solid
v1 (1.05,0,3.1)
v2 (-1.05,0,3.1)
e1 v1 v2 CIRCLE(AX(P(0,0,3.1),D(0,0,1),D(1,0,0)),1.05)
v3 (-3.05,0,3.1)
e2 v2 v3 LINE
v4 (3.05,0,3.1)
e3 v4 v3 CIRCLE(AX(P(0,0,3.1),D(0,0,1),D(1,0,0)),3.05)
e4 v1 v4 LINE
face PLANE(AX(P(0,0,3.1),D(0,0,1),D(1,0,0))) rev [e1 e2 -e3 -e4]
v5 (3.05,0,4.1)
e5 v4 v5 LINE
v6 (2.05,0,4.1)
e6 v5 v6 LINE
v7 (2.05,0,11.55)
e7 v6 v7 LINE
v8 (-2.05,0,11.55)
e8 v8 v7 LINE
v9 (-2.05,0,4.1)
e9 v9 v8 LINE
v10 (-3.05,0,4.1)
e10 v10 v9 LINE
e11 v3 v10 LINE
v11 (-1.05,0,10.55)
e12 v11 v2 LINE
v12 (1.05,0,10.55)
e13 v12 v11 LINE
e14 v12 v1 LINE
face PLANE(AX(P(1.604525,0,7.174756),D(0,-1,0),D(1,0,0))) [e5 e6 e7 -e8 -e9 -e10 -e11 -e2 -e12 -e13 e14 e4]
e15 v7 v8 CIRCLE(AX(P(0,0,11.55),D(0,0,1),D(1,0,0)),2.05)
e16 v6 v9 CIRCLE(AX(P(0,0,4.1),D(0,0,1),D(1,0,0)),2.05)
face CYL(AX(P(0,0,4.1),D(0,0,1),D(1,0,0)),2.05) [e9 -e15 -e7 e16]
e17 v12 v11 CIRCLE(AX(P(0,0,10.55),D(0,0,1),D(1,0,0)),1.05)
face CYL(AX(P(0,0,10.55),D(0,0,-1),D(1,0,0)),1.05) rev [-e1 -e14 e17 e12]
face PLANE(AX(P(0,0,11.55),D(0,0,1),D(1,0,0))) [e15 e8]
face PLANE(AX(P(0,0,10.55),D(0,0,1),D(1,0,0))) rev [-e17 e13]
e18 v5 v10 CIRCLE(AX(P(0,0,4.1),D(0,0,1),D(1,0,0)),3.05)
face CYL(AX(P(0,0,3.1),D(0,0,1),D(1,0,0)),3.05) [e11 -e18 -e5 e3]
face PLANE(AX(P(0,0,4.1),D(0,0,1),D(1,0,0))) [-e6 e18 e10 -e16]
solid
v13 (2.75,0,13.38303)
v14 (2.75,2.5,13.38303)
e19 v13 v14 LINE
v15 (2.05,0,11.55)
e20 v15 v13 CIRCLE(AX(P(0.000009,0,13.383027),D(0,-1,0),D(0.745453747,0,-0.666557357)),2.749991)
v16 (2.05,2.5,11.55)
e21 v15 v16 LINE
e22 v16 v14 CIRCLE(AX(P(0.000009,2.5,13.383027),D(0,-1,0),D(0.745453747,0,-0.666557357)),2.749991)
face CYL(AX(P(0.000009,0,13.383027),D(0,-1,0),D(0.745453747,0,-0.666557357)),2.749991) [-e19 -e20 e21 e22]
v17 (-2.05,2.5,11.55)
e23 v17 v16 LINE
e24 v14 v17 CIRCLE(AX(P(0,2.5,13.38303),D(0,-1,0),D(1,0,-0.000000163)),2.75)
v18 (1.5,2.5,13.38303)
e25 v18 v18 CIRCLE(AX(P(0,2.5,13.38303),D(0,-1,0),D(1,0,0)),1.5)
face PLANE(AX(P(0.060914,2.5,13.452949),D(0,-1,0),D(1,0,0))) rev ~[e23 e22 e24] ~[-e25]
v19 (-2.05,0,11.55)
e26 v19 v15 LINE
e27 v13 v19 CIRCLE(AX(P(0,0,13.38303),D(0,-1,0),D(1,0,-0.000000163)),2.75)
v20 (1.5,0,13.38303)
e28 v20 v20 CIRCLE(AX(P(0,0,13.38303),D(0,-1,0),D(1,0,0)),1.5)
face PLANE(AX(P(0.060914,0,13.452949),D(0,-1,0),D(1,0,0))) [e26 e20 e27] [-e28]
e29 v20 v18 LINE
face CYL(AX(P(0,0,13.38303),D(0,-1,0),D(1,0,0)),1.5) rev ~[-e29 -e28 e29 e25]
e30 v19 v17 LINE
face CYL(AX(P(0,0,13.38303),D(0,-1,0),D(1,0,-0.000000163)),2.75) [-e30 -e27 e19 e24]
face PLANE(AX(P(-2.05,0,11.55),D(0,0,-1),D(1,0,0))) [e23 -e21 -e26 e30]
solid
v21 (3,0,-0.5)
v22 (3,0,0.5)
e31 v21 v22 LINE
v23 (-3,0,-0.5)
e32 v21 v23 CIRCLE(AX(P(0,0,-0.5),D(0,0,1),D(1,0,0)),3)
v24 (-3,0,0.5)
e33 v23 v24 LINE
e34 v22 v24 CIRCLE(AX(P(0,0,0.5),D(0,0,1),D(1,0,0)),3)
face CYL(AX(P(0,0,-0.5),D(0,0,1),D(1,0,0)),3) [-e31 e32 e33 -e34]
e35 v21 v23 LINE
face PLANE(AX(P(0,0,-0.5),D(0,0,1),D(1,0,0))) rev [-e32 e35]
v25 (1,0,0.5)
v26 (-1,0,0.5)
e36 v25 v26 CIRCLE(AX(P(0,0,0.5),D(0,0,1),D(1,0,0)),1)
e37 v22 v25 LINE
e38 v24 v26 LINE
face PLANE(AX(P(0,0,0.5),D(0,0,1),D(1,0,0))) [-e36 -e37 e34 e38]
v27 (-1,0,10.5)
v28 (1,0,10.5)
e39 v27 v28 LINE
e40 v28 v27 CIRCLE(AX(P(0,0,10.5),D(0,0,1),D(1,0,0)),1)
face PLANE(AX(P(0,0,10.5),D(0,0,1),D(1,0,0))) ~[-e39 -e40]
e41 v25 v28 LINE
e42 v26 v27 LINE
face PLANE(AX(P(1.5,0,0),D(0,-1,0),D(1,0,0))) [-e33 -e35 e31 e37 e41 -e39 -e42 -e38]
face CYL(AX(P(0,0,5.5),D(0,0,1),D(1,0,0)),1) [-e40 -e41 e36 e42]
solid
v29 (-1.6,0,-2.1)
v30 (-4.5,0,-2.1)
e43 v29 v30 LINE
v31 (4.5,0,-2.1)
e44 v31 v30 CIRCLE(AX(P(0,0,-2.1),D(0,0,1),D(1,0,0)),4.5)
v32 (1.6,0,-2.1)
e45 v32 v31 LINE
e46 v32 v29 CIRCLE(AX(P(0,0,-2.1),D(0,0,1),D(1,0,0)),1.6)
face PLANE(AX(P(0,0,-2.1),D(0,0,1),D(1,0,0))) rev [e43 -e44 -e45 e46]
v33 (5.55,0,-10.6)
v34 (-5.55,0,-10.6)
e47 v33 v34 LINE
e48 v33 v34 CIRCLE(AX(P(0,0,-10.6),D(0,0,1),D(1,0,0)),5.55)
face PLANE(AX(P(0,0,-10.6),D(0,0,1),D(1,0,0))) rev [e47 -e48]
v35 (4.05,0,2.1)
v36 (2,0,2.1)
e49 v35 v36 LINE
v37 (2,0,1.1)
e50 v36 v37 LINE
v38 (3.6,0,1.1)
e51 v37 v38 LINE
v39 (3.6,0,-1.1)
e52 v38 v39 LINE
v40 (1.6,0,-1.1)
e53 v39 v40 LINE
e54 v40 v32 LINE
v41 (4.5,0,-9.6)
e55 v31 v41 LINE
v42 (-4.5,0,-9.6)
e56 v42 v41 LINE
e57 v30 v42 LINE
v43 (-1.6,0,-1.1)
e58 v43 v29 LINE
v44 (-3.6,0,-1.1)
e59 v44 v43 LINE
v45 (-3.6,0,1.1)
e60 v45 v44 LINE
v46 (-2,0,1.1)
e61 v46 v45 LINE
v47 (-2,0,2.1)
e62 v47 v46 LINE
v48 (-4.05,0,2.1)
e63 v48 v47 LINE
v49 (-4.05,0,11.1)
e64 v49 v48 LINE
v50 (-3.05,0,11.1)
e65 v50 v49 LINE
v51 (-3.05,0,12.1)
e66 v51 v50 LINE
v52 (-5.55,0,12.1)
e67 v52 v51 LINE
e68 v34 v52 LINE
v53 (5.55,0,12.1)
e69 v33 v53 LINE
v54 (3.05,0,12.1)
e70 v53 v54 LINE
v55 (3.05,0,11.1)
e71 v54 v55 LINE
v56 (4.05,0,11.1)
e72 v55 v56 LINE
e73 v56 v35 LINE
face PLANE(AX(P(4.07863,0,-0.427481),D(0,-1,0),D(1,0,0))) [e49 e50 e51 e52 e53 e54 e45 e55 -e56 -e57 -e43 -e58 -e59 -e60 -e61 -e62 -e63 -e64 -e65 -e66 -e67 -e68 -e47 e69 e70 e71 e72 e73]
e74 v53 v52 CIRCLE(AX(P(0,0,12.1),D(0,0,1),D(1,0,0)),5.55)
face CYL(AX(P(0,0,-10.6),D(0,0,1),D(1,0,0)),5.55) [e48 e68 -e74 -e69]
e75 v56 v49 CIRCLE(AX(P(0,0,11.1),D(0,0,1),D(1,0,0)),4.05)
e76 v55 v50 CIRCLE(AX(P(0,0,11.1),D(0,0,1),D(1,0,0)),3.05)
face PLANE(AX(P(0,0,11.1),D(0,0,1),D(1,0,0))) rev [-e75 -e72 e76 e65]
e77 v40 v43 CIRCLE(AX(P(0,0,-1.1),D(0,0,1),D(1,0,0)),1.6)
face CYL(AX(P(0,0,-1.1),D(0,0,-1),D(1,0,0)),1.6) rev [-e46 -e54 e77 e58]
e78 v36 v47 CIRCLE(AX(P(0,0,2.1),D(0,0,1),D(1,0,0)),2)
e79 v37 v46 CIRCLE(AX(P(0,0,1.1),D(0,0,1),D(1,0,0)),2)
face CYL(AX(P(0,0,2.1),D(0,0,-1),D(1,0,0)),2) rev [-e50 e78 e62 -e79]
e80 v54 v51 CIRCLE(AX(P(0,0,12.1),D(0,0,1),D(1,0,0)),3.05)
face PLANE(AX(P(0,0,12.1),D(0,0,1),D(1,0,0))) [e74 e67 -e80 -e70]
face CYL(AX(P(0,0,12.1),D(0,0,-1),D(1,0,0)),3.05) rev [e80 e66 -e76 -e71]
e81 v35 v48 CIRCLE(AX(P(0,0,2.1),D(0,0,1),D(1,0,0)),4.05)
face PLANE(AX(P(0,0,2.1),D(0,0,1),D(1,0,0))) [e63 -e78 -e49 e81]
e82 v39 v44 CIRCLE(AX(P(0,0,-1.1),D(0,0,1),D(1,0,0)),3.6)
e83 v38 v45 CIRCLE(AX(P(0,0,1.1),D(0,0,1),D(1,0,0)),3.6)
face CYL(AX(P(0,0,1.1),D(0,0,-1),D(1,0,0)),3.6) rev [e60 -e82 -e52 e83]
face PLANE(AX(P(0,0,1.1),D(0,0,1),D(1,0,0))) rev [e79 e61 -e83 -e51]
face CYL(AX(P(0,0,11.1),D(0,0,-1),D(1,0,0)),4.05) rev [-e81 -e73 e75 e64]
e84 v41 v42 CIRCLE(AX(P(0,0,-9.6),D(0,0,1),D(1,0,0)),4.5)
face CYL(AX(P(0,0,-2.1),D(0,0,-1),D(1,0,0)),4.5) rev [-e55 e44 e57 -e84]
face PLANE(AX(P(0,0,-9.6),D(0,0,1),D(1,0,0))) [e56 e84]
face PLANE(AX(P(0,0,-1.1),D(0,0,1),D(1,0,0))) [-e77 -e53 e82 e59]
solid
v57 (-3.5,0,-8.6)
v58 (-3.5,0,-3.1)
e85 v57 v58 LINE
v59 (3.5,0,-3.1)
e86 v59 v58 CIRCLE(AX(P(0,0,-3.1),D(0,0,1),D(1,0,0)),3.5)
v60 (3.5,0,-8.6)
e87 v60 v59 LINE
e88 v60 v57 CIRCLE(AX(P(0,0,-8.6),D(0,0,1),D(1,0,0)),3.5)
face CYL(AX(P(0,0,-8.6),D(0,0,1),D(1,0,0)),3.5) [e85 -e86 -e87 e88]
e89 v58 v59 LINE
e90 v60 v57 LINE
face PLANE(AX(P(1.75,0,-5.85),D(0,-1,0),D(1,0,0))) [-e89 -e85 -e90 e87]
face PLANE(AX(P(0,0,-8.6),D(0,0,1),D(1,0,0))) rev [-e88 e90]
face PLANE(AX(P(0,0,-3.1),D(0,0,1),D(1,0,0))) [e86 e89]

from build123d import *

# Parameters (mm, degrees)
F0_W     = 1
F0_H     = 10
F1_ANGLE = 180
F0_R     = 1.5
F2_DEPTH = 2.5


with BuildPart() as f1:
    # F0 (on Front) → F1 (revolve)
    with BuildSketch(Plane.XZ):
        Polygon((3.5, -3.1), (0.6, -3.1), (0, -3.1), (0, -8.6), (3.5, -8.6), align=None)
        Polygon((3, -0.5), (3, 0.5), (1, 0.5), (0, 0.5), (0, -0.5), (0.6, -0.5), align=None)
        with Locations((0.5, 5.5)):
            Rectangle(F0_W, F0_H)
        with BuildLine():
            Line((0, 10.63303), (0, 10.55))
            Line((0, 10.55), (1.05, 10.55))
            Line((1.05, 10.55), (1.05, 3.1))
            Line((1.05, 3.1), (3.05, 3.1))
            Line((3.05, 3.1), (3.05, 4.1))
            Line((3.05, 4.1), (2.05, 4.1))
            Line((2.05, 4.1), (2.05, 11.55))
            ThreePointArc((2.05, 11.55), (1.122868, 10.872718), (0, 10.63303))
        make_face()
        Polygon((4.5, -9.6), (0, -9.6), (0, -10.6), (5.55, -10.6), (5.55, 12.1), (3.05, 12.1), (3.05, 11.1), (4.05, 11.1), (4.05, 2.1), (2, 2.1), (2, 1.1), (3.6, 1.1), (3.6, -1.1), (1.6, -1.1), (1.6, -2.1), (4.5, -2.1), align=None)
        with BuildLine():
            Line((0, 11.55), (0, 10.63303))
            ThreePointArc((0, 10.63303), (1.122868, 10.872718), (2.05, 11.55))
            Line((2.05, 11.55), (0, 11.55))
        make_face()
    revolve(axis=Axis((0, 0, 0.475), (0, 0, 1)), revolution_arc=F1_ANGLE)


with BuildPart() as f2:
    # F0 (on Front) → F2 (new body)
    with BuildSketch(Plane.XZ):
        with BuildLine():
            ThreePointArc((2.75, 13.38303), (-0.981071, 15.952077), (-2.05, 11.55))
            Line((-2.05, 11.55), (0, 11.55))
            Line((0, 11.55), (2.05, 11.55))
            ThreePointArc((2.05, 11.55), (2.569047, 12.401959), (2.75, 13.38303))
        make_face()
        with Locations((0, 13.38303)):
            Circle(F0_R, mode=Mode.SUBTRACT)
    extrude(amount=-F2_DEPTH)


solid = Compound([f1.part, f2.part])
